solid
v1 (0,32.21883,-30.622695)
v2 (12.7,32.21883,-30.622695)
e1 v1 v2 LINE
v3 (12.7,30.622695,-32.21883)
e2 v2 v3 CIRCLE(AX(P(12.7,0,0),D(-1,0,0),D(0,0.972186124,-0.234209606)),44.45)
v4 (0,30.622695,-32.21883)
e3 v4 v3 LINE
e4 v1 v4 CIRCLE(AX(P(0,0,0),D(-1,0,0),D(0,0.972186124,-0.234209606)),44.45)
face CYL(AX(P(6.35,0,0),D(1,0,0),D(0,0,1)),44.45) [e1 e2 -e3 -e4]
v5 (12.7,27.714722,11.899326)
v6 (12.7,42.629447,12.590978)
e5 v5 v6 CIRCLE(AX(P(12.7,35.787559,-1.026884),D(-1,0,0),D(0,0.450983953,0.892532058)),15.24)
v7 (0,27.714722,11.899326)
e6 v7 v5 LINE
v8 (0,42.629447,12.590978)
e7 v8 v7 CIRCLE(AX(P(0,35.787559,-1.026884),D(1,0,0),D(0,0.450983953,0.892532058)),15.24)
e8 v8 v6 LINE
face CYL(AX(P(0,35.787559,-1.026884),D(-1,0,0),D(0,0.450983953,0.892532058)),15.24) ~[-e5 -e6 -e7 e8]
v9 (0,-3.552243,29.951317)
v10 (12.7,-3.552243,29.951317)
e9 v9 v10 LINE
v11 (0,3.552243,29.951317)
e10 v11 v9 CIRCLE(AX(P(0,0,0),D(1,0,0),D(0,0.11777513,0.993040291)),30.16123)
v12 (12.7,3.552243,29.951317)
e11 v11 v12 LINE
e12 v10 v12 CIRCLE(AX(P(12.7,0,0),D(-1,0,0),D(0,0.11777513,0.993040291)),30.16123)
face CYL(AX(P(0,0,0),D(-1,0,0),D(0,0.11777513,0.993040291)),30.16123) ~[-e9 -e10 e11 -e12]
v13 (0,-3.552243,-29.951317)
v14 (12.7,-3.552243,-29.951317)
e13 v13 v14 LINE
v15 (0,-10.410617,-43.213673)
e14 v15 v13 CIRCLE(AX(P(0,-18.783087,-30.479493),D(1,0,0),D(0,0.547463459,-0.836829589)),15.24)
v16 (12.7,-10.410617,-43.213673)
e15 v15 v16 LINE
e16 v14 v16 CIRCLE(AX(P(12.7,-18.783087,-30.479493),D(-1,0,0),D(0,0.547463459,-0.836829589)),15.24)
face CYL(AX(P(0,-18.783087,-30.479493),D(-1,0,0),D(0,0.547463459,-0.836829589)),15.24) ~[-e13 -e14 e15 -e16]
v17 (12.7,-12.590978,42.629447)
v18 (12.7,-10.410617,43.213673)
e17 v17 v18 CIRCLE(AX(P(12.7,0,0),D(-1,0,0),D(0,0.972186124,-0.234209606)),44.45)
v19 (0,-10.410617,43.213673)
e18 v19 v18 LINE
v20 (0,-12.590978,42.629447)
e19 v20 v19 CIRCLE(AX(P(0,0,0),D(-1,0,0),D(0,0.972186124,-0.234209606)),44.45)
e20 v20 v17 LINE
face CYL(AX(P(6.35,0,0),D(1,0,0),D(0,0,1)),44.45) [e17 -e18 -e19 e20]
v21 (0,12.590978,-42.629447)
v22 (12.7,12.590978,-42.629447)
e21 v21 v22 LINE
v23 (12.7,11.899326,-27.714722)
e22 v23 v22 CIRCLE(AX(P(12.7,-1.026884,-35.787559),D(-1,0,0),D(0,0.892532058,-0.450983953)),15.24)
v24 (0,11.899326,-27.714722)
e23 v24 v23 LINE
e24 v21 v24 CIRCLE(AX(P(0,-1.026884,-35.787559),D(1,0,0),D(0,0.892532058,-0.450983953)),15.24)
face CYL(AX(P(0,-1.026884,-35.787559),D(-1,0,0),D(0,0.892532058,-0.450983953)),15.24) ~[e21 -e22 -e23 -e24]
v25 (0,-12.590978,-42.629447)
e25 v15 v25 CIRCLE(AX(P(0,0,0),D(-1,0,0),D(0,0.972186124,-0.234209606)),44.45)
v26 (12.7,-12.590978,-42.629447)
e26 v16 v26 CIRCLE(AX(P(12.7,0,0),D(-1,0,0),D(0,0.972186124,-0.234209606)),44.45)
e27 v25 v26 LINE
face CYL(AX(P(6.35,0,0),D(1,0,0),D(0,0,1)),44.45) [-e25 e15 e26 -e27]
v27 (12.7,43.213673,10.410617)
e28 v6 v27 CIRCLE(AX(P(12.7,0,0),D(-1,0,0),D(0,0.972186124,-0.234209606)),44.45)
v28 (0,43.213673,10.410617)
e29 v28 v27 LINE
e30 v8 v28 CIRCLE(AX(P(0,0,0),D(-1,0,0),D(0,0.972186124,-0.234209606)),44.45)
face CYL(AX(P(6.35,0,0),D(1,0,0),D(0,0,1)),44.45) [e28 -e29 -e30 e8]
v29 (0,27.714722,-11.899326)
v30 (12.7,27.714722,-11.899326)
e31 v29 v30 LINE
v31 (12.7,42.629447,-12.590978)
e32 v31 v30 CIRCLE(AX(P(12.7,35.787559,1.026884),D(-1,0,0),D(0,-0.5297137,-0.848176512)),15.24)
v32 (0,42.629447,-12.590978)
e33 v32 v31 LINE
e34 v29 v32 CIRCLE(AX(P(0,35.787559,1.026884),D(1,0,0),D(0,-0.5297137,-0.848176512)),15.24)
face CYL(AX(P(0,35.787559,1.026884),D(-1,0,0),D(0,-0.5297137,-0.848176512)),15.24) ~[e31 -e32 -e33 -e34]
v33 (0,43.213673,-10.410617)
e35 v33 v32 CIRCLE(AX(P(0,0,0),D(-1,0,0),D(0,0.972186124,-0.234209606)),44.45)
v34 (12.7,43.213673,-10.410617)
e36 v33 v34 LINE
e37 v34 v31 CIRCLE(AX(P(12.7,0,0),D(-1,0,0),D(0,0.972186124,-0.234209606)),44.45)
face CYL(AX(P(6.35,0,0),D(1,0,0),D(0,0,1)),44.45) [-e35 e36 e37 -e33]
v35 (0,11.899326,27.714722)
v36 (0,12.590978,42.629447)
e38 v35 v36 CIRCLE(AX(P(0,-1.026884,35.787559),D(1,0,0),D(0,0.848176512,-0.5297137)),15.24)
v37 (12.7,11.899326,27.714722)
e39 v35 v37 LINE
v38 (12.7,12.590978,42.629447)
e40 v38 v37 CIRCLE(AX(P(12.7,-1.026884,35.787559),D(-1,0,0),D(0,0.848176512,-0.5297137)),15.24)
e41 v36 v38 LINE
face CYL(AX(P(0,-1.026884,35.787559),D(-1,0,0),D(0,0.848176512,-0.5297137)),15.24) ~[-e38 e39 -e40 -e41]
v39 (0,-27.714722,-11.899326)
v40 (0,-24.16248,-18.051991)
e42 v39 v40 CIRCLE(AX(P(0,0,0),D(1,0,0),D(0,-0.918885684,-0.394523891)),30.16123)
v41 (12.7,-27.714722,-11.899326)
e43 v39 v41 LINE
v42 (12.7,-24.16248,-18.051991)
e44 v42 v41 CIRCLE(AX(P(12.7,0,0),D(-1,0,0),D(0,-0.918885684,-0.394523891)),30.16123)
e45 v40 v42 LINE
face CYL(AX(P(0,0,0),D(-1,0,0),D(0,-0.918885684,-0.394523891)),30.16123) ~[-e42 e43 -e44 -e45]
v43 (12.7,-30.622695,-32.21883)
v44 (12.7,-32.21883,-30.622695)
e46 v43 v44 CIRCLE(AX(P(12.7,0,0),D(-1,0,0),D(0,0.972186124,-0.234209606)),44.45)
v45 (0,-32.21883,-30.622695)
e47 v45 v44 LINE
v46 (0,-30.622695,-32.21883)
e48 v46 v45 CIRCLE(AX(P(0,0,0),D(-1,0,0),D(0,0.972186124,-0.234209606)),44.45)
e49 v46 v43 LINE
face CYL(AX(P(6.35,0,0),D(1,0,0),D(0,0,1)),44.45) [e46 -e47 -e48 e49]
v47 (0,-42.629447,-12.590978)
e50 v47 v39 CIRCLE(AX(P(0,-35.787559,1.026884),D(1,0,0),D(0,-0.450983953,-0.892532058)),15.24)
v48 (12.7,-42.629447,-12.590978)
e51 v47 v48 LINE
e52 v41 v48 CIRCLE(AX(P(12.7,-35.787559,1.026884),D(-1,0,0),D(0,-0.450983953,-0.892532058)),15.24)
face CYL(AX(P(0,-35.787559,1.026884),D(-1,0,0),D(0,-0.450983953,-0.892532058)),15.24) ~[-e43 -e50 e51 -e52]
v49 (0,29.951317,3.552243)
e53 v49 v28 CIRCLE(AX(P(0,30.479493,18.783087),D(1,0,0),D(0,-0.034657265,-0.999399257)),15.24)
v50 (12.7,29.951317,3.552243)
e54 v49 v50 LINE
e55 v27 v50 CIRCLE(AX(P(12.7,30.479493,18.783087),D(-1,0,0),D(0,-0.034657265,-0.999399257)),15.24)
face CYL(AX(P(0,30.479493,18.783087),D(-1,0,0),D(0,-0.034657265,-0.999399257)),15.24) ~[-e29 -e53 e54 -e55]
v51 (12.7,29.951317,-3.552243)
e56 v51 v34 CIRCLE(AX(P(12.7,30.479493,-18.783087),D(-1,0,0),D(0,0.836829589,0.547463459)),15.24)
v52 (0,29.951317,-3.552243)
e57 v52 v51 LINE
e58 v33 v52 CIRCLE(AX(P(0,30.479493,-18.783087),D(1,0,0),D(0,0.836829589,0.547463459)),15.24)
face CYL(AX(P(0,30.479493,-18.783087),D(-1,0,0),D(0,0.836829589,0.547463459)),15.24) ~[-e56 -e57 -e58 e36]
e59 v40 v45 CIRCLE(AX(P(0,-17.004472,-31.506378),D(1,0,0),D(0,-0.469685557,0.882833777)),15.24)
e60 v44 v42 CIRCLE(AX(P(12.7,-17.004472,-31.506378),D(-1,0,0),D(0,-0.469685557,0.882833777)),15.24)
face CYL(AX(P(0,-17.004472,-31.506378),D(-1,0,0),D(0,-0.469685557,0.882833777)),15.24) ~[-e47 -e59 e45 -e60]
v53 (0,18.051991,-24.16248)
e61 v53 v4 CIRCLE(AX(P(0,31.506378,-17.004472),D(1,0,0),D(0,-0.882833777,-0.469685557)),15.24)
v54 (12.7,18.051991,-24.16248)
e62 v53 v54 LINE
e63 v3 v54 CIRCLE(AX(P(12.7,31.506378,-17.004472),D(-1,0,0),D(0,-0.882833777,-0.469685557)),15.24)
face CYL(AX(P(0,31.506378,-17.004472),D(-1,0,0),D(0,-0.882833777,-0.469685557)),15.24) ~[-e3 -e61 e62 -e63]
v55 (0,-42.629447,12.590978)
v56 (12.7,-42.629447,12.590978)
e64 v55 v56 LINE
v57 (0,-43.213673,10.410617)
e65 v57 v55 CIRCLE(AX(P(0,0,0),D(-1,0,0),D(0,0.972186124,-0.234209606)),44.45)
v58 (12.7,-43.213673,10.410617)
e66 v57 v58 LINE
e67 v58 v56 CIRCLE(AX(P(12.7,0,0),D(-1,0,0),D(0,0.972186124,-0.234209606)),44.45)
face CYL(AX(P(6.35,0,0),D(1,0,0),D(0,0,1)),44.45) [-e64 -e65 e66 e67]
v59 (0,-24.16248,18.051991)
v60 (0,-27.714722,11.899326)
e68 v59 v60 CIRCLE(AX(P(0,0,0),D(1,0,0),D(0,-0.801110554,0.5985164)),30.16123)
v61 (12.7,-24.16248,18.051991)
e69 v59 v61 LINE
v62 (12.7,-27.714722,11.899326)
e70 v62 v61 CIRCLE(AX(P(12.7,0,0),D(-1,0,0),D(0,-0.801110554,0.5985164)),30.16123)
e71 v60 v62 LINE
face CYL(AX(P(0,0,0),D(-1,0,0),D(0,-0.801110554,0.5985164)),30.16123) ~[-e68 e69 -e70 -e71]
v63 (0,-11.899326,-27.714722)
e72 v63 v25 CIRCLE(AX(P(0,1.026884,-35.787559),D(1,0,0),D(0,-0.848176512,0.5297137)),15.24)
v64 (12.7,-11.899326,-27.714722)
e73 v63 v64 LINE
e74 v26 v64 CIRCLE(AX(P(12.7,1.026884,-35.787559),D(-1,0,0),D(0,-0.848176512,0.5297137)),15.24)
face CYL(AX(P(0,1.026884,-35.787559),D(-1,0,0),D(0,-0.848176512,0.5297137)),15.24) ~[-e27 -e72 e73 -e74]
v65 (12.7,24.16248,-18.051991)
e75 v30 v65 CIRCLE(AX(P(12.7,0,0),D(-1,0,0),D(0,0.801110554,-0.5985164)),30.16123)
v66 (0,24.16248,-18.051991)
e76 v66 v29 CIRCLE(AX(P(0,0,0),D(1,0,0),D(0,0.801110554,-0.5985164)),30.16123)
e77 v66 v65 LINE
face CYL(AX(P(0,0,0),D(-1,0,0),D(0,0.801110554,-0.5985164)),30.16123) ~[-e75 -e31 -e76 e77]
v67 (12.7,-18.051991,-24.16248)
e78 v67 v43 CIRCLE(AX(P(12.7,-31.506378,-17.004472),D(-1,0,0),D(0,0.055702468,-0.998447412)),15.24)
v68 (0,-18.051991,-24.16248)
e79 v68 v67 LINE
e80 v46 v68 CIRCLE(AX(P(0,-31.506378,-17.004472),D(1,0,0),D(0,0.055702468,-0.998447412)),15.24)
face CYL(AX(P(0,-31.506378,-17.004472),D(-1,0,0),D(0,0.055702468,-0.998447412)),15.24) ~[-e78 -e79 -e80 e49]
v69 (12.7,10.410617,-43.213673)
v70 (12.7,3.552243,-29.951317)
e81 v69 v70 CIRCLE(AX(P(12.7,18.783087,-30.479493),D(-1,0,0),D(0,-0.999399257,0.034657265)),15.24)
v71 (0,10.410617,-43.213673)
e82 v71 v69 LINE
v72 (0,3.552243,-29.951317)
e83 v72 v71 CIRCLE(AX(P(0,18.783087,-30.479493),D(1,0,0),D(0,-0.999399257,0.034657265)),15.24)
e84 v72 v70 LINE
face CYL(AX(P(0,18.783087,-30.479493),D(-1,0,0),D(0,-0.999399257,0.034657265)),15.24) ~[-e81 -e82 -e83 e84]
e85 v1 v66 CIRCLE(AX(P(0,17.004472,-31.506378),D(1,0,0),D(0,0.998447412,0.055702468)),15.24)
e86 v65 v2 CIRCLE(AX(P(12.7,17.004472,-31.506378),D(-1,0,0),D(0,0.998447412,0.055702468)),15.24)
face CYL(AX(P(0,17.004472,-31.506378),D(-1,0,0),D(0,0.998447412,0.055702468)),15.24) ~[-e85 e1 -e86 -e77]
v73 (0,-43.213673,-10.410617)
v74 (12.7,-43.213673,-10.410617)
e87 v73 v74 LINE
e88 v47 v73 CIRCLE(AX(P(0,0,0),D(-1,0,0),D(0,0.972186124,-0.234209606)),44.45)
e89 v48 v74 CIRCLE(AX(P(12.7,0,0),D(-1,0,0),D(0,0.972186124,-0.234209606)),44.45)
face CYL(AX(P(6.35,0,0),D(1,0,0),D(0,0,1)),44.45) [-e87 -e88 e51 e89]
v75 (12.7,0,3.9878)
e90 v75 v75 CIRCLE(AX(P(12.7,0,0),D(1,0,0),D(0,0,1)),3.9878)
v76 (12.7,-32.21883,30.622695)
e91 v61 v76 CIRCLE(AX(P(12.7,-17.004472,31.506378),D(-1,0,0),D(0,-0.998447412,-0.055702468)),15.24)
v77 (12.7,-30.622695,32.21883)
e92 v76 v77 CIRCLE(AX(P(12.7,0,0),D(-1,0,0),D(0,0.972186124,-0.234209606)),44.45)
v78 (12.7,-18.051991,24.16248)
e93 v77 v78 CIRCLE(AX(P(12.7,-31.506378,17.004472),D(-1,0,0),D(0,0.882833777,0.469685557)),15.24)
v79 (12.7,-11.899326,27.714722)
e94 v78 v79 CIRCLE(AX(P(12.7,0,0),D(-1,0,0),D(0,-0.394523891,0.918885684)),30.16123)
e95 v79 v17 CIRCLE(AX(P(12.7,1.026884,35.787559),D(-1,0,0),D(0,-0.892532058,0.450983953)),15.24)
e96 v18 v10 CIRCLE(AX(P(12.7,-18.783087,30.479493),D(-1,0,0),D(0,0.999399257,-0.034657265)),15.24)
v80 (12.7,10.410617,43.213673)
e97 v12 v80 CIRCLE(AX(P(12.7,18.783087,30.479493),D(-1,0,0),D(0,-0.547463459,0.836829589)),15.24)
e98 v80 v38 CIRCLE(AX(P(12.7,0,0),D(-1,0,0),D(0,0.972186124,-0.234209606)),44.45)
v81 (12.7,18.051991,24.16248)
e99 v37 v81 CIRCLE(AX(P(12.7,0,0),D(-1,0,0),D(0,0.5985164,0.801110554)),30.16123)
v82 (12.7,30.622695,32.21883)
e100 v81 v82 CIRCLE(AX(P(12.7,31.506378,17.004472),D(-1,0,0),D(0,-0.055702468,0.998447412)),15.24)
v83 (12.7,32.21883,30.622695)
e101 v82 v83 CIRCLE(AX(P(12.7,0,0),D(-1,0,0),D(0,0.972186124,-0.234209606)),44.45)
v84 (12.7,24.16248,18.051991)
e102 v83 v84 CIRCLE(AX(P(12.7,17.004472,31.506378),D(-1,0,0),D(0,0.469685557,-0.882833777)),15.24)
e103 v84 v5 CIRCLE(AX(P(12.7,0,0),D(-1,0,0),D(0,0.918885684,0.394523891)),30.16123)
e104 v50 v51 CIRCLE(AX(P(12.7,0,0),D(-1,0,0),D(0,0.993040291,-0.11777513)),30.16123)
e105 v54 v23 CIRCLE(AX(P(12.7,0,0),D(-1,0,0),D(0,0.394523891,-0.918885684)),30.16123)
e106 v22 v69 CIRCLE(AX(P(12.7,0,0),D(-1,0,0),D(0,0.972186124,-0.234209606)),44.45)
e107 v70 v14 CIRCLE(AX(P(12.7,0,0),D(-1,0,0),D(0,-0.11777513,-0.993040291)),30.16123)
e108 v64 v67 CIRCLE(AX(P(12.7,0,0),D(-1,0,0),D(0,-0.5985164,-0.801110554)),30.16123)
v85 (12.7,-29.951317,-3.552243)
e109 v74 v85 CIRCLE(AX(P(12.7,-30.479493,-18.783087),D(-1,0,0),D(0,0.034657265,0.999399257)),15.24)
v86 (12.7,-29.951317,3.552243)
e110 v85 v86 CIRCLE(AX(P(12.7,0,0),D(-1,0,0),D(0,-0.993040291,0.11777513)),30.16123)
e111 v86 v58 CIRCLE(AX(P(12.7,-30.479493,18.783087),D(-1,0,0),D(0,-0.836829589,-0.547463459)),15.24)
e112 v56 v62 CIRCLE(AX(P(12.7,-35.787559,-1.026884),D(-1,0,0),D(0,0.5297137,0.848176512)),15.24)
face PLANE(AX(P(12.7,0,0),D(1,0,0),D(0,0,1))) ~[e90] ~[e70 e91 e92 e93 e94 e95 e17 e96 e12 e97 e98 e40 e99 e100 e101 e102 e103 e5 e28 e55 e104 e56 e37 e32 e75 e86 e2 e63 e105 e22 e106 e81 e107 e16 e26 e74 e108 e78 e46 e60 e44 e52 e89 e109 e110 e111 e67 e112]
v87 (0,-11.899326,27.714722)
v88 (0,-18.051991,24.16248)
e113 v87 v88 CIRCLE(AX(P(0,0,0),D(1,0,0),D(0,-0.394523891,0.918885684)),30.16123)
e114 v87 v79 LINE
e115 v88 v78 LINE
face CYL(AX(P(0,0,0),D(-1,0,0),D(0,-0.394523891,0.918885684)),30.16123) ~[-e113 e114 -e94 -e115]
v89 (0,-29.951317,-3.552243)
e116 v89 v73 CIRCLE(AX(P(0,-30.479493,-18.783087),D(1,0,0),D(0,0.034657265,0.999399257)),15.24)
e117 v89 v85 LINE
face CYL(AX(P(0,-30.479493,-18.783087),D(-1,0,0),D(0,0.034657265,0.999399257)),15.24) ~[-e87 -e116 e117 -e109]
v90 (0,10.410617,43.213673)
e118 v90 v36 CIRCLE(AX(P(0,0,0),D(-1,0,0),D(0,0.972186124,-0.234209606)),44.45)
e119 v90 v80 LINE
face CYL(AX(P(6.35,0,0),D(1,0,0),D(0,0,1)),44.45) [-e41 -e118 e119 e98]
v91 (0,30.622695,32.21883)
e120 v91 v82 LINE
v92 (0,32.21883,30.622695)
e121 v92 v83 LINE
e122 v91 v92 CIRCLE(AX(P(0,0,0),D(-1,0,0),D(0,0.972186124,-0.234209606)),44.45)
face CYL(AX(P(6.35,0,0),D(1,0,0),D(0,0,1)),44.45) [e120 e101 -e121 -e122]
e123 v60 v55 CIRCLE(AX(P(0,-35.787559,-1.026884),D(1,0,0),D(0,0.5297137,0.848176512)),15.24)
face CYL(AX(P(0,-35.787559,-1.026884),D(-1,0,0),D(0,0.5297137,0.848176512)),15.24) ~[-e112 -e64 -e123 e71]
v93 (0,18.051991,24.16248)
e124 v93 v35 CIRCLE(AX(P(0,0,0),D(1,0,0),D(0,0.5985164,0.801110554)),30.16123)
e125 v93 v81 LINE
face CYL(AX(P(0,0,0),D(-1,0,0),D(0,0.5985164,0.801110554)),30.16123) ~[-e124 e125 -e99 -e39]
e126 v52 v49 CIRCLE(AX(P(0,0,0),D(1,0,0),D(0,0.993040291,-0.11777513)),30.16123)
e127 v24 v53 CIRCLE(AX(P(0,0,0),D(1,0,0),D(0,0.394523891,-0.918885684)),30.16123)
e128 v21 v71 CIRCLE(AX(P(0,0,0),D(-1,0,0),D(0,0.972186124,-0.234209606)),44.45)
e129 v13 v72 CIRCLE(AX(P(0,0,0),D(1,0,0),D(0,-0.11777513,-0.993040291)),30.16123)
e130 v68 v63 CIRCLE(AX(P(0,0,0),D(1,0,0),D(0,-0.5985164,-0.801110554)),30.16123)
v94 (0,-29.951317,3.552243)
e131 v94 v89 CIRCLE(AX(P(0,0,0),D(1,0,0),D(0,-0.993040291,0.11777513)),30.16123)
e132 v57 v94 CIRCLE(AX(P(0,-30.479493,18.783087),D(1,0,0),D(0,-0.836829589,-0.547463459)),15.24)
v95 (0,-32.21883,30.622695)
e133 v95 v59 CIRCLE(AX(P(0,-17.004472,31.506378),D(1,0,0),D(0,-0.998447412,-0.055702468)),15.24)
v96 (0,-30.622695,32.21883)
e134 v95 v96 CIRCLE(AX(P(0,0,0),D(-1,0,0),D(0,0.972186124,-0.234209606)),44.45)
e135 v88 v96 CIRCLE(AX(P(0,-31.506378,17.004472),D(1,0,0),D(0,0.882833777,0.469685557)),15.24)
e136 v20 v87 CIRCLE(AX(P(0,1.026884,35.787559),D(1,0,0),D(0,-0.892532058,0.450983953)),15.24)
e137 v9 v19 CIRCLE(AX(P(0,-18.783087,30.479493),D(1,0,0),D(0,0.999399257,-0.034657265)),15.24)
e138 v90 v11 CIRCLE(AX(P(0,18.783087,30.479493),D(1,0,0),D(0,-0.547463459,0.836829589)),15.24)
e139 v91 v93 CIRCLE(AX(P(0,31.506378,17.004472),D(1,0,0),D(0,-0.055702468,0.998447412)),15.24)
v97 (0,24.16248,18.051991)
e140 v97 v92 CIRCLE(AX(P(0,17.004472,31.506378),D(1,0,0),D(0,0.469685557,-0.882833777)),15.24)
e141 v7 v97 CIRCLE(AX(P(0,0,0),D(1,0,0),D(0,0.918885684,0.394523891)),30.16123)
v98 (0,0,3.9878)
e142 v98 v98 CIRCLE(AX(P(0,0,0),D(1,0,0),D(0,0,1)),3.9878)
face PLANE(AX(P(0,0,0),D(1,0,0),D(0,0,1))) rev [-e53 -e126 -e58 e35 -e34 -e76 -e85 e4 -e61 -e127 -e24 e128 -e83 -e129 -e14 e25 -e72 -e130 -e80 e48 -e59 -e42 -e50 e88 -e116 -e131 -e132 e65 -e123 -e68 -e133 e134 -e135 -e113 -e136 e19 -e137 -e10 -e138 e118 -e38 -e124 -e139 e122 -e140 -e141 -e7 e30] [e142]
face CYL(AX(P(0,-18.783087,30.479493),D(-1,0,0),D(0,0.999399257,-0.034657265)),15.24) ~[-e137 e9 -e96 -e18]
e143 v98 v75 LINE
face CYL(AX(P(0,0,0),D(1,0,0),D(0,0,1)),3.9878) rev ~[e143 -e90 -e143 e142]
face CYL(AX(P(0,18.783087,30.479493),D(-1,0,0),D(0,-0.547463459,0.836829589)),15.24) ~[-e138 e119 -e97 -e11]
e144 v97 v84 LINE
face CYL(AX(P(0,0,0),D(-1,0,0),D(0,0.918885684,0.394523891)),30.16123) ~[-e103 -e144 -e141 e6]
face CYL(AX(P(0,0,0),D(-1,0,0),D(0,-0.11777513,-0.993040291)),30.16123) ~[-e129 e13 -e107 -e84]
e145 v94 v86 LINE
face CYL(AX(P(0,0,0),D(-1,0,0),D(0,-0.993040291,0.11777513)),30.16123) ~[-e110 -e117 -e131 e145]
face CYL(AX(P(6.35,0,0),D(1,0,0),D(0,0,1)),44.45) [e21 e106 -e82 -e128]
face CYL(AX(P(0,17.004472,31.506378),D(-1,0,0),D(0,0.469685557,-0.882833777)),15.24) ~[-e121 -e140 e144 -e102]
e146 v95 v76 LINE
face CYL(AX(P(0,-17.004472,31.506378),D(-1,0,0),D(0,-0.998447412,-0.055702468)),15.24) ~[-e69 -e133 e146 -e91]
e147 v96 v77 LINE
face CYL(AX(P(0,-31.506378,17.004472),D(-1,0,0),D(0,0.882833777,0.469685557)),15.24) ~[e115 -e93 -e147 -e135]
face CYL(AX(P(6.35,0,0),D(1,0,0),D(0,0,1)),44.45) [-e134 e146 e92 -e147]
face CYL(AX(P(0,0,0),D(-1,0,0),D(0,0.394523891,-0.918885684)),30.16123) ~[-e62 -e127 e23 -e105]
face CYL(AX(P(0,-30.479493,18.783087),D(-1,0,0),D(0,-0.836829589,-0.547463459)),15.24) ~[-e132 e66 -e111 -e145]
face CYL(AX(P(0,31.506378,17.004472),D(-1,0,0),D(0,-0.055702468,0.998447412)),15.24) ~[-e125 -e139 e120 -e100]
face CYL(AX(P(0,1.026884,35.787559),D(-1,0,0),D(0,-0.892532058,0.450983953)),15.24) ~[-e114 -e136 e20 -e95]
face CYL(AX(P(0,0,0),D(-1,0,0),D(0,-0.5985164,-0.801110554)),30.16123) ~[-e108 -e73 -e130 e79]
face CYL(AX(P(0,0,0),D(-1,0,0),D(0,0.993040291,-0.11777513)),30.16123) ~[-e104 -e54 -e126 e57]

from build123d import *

# Parameters (mm, degrees)
BASPROSKE_W     = 12.7
BASPROSKE_H     = 44.45
TOOTHCUT_DEPTH  = 65.131856359
TEETHCUTS_COUNT = 12
BORSKE_R        = 3.9878
BORE_DEPTH      = 25.4000508


with BuildPart() as part:
    # BasProSke → Base-Revolve (revolve)
    with BuildSketch(Plane(origin=(0, 0, 0), x_dir=(1, 0, 0), z_dir=(0, 1, 0)), mode=Mode.PRIVATE) as base_revolve_sk:
        with Locations((6.35, 22.225)):
            Rectangle(BASPROSKE_W, BASPROSKE_H)
    revolve(base_revolve_sk.sketch.rotate(Axis((-10, 0, 0), (1, 0, 0)), 180), axis=Axis((-10, 0, 0), (1, 0, 0)))

    # TooCutSke → ToothCut (cut, through all)
    with BuildSketch(Plane(origin=(0, 0, 0), x_dir=(0, 0, -1), z_dir=(1, 0, 0))):
        with BuildLine():
            ThreePointArc((3.552242783, 29.951316604), (0, 30.16123), (-3.552242783, 29.951316604))
            ThreePointArc((-3.552242783, 29.951316604), (-5.254049238, 37.49538421), (-10.439744342, 43.232776261))
            ThreePointArc((-10.439744342, 43.232776261), (0, 44.4754), (10.439744342, 43.232776261))
            ThreePointArc((10.439744342, 43.232776261), (5.254049238, 37.49538421), (3.552242783, 29.951316604))
        make_face()
    toothcut = extrude(amount=TOOTHCUT_DEPTH, mode=Mode.SUBTRACT)

    # TeethCuts: ToothCut ×12 about axis
    teethcuts_axis = Axis((0, 0, 0), (1, 0, 0))
    for i in range(1, TEETHCUTS_COUNT):
        add(toothcut.rotate(teethcuts_axis, i * 360 / TEETHCUTS_COUNT), mode=Mode.SUBTRACT)

    # BorSke → Bore (cut, symmetric)
    with BuildSketch(Plane(origin=(0, 0, 0), x_dir=(0, 0, -1), z_dir=(1, 0, 0))):
        with Locations(Location((0, 0, 0), (0, 0, 180))):
            Circle(BORSKE_R)
    extrude(amount=BORE_DEPTH, both=True, mode=Mode.SUBTRACT)


solid = part.part
